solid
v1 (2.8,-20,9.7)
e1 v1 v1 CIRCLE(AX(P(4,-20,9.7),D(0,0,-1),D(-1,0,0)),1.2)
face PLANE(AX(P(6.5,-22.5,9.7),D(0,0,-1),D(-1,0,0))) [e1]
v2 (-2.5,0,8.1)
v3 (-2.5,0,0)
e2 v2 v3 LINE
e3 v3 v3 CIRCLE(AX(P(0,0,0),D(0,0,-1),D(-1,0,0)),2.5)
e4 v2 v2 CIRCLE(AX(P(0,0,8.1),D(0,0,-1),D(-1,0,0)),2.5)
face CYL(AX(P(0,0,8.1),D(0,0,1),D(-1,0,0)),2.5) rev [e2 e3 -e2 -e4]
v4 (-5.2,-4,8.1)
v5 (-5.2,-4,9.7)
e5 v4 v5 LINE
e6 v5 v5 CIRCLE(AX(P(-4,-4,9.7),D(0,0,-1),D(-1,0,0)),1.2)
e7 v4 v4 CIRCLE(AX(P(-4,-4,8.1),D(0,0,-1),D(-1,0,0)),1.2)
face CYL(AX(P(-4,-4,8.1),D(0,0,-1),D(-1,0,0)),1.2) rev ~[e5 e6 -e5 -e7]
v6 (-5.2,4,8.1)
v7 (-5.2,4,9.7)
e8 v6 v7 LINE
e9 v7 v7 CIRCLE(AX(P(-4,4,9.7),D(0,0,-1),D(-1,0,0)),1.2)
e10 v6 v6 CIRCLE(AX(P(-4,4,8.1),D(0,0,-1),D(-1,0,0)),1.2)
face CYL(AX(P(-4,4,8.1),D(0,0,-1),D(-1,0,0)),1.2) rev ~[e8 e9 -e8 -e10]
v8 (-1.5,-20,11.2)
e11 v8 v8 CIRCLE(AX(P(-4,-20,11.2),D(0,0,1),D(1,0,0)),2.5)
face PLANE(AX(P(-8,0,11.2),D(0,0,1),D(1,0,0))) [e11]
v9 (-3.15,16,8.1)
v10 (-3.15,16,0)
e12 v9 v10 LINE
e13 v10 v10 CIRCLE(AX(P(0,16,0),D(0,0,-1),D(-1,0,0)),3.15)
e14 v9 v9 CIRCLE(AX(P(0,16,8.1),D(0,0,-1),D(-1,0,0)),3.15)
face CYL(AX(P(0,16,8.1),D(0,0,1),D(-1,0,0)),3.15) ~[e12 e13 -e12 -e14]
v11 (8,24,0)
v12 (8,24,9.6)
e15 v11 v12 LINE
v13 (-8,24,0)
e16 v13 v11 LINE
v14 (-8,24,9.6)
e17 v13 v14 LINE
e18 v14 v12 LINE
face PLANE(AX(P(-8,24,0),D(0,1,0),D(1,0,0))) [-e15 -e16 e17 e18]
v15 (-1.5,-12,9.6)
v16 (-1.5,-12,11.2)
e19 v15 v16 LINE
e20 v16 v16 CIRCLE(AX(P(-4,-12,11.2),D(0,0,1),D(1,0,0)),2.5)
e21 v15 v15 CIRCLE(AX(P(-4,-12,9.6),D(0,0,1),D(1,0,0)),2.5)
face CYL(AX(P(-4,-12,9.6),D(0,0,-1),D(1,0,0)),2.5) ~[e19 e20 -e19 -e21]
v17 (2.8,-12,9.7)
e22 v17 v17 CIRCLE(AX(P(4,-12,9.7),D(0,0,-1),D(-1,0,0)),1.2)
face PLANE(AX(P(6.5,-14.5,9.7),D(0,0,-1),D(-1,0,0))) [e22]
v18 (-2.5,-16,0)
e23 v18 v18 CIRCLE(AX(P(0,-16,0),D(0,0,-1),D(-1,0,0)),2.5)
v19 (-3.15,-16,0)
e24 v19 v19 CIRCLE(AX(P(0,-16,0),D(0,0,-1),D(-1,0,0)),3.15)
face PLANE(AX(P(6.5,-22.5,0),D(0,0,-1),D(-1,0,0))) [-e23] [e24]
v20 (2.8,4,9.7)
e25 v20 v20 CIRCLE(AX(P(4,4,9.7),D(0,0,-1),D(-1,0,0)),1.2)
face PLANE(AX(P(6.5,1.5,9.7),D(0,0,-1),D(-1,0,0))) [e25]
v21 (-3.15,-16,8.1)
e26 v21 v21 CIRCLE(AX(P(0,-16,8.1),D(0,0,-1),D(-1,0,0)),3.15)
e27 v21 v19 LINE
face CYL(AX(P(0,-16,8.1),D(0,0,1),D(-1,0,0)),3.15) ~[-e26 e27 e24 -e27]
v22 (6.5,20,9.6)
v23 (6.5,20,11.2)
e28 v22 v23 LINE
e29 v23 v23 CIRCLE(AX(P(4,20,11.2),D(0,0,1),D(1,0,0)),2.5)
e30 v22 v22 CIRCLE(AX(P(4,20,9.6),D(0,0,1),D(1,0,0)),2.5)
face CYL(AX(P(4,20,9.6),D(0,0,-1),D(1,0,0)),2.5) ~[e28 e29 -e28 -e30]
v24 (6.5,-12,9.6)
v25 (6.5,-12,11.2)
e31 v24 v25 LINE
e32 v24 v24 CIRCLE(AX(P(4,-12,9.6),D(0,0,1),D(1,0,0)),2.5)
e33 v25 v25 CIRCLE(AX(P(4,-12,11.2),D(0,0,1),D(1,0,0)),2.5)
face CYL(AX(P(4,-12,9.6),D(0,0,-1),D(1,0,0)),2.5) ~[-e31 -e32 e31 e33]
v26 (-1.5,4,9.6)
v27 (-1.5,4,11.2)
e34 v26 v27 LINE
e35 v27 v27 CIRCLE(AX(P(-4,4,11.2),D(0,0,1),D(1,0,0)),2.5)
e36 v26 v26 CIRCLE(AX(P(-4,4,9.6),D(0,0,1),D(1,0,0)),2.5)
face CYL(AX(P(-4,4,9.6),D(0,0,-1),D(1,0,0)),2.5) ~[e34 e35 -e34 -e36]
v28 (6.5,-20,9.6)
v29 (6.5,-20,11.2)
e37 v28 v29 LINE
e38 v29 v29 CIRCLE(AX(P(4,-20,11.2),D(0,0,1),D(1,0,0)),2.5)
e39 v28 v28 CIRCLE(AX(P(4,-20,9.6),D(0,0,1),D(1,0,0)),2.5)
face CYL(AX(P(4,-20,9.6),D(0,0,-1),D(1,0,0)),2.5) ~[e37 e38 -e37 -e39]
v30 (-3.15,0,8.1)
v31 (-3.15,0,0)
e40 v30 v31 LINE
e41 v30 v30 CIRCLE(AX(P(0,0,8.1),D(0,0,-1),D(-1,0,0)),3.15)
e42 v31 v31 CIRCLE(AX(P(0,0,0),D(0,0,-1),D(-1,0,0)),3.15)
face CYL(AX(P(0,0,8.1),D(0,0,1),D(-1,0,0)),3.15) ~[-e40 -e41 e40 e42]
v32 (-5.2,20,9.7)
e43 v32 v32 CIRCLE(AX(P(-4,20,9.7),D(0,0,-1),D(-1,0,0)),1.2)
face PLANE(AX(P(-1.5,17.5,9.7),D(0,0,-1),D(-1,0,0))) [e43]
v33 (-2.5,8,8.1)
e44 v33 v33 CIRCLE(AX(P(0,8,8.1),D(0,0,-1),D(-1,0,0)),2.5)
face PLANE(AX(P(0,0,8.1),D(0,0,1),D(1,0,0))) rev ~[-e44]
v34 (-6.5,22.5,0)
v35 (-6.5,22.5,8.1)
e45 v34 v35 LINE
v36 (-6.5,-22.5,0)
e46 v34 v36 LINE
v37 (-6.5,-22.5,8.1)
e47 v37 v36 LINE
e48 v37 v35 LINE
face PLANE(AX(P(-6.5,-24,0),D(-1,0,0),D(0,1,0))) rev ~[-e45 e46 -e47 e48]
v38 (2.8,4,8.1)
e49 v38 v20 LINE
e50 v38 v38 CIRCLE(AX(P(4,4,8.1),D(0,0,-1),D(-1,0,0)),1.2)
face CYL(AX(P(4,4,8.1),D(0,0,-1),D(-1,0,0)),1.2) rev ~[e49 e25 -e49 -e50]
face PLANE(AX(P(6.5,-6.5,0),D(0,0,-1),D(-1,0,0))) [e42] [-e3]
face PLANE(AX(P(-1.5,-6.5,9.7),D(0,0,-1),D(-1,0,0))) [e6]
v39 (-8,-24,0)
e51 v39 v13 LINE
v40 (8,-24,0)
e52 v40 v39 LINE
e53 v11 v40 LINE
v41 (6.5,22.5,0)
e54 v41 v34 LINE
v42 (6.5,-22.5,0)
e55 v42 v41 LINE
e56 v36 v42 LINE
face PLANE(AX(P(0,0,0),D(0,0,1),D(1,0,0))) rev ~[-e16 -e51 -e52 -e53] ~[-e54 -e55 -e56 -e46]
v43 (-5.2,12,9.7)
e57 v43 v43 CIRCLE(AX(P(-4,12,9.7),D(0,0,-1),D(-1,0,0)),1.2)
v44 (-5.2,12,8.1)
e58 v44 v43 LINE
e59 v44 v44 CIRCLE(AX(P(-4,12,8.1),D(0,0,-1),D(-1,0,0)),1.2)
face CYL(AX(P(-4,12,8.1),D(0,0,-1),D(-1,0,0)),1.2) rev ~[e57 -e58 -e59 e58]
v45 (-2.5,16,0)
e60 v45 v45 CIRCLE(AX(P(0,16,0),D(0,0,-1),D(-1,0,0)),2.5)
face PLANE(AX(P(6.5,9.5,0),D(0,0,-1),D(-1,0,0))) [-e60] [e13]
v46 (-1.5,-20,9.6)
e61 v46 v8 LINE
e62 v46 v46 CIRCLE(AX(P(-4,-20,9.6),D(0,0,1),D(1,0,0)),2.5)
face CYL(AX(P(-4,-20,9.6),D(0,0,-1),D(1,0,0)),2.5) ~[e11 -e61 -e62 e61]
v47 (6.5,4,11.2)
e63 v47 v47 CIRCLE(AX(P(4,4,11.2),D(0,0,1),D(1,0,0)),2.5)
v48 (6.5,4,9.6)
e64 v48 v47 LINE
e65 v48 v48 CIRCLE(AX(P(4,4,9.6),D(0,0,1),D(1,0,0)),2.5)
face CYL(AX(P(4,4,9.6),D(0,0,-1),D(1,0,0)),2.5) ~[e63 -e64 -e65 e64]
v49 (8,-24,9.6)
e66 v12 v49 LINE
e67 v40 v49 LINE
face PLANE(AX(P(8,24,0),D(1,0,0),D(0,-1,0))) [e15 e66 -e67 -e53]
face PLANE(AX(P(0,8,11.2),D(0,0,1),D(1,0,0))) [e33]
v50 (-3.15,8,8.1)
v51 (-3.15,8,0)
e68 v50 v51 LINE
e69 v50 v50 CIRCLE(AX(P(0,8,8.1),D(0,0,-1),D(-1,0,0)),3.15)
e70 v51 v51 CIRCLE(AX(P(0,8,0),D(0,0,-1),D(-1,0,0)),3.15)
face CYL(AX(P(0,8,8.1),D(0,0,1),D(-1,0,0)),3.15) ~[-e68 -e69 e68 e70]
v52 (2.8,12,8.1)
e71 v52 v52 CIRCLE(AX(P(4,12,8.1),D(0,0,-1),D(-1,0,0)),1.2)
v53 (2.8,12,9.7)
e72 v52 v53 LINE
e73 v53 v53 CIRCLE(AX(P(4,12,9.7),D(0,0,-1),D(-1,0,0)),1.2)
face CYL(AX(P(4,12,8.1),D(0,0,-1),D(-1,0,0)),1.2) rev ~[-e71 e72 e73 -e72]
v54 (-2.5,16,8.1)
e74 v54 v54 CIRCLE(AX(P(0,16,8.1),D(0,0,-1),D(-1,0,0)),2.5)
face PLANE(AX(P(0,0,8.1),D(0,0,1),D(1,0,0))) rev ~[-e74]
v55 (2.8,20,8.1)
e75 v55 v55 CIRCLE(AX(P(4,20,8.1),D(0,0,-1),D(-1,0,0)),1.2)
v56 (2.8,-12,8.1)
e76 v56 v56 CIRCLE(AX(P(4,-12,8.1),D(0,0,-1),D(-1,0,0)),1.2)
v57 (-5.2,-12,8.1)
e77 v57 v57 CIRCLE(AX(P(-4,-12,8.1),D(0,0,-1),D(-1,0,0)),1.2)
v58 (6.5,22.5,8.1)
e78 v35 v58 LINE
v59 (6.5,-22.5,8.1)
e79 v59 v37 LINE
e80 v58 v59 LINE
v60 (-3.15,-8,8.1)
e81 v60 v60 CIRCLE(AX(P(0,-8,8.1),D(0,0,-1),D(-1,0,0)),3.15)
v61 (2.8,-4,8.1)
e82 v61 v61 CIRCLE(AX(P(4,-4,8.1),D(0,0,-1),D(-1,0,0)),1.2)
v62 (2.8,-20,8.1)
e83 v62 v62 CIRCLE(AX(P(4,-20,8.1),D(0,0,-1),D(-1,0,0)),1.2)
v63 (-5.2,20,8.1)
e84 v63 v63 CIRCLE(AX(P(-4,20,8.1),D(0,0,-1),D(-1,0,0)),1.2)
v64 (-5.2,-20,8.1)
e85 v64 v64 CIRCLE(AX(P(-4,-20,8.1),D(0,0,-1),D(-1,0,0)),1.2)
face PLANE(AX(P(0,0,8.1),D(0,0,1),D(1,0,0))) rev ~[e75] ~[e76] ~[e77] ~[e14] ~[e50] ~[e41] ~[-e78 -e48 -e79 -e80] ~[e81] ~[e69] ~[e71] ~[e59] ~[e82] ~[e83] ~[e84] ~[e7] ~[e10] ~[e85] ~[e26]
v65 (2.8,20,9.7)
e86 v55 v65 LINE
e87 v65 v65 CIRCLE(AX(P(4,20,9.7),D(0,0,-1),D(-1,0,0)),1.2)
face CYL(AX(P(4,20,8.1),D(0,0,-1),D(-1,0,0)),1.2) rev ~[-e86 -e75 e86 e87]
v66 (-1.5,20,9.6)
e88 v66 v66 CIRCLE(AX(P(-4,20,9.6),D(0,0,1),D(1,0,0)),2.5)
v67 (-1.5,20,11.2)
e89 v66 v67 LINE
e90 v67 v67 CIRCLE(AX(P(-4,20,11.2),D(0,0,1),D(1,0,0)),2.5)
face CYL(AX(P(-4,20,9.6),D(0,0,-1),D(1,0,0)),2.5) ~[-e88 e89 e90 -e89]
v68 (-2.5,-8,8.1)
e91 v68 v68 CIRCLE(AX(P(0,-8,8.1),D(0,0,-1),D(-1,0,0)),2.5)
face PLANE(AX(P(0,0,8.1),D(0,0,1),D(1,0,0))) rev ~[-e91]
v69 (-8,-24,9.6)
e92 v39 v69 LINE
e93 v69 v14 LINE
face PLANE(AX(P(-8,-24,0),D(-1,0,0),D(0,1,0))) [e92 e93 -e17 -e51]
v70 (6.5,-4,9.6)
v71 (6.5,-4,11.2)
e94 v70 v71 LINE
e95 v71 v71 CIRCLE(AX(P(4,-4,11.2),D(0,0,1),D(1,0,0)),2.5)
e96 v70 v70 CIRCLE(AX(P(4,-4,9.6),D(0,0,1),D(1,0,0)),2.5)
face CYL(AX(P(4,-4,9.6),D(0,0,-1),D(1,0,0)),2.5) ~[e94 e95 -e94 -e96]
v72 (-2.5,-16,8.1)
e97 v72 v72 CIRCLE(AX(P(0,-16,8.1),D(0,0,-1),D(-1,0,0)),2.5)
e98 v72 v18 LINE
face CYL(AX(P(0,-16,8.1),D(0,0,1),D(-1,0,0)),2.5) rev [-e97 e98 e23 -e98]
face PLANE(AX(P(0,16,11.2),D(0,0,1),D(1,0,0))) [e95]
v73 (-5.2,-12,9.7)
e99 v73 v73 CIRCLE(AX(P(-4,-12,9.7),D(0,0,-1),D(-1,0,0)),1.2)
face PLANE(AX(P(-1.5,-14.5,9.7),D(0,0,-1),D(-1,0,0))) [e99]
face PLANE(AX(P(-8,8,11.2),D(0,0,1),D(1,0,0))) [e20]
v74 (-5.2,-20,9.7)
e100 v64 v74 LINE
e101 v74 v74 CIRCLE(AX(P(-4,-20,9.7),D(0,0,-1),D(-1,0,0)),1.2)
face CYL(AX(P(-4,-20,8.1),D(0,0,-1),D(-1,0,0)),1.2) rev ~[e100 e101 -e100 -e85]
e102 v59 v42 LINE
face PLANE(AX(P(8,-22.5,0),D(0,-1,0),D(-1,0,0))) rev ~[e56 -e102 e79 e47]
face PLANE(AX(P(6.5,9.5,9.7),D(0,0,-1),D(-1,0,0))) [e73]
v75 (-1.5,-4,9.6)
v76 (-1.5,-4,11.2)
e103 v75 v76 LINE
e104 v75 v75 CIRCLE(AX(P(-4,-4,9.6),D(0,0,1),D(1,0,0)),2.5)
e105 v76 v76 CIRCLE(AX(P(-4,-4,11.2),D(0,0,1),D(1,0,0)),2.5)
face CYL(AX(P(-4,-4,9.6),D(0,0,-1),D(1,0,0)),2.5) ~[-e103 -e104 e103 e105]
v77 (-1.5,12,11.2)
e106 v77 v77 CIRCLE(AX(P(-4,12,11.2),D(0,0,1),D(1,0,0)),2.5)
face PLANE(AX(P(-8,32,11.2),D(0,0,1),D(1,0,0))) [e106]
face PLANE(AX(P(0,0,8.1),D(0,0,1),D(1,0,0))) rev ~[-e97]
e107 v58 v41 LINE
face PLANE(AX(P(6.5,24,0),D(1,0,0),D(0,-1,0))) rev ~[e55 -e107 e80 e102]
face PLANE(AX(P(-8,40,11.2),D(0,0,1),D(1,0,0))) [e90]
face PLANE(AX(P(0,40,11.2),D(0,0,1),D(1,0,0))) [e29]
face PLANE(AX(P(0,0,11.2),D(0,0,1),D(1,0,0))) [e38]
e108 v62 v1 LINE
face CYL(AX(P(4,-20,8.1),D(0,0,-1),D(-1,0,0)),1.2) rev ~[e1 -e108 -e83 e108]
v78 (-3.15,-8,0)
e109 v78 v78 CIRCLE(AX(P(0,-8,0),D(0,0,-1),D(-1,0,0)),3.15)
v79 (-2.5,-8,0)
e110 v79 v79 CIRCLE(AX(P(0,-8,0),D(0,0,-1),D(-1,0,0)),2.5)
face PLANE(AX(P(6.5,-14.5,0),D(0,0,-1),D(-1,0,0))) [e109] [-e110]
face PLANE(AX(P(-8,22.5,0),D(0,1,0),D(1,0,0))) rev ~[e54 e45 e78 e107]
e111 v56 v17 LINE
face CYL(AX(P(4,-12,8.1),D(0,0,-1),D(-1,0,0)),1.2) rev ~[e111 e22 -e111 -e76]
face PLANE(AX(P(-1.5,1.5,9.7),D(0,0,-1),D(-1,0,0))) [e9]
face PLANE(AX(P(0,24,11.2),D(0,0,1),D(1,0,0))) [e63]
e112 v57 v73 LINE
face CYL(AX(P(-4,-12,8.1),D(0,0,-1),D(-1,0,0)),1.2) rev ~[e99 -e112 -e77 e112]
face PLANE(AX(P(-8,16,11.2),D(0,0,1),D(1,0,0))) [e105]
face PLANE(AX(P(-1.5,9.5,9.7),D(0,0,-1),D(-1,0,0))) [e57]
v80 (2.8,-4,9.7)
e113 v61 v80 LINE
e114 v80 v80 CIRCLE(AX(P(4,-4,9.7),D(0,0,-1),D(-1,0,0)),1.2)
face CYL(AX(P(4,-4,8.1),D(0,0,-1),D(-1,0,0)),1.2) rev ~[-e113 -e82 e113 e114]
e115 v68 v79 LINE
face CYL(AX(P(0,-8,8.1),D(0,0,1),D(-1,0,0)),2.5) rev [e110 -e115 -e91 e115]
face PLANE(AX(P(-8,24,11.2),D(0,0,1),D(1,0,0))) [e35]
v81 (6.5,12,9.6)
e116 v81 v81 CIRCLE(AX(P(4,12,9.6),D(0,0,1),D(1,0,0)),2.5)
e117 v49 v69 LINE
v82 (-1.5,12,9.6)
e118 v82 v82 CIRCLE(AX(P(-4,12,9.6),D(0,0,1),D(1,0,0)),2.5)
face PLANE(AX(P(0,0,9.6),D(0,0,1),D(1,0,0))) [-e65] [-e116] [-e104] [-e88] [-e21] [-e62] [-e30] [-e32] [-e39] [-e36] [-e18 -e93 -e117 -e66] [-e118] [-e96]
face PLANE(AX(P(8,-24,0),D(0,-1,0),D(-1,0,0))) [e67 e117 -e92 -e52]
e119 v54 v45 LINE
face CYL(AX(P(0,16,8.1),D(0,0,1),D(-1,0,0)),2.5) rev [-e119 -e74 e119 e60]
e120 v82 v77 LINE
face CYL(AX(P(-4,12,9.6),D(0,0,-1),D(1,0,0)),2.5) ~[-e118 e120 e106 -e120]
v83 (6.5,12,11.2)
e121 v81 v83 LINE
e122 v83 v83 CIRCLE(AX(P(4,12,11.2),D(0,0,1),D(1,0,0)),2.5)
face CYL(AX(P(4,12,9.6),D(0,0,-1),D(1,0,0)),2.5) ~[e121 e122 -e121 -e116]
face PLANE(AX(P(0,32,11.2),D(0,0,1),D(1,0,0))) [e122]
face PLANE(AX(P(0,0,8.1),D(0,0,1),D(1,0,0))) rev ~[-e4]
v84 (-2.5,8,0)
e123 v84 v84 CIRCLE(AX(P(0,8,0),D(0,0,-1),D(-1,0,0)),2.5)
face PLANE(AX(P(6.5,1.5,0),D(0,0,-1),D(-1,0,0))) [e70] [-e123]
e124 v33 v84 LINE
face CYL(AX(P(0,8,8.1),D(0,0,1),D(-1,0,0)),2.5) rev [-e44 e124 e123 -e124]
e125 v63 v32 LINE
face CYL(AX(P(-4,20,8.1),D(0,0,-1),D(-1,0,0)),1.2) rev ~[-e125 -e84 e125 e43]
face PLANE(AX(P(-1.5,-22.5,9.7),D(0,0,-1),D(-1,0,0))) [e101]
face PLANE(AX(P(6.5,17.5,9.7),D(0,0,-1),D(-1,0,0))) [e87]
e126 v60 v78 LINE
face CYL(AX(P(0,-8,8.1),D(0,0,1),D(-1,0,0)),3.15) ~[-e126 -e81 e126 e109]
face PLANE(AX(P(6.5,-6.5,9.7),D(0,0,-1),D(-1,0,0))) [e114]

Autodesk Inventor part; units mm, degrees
ref_plane "YZ Plane" through (0, 0, 0) normal (1, 0, 0) x (0, 1, 0)
ref_plane "XZ Plane" through (0, 0, 0) normal (0, 1, 0) x (-1, 0, 0)
ref_plane "XY Plane" through (0, 0, 0) normal (0, 0, 1) x (1, 0, 0)
sketch "Sketch1" plane through (0, 0, 0) normal (0, 0, 1) x (1, 0, 0)
  line L0 (-8, 24) -> (8, 24)
  line L1 (8, 24) -> (8, -24)
  line L2 (8, -24) -> (-8, -24)
  line L3 (-8, -24) -> (-8, 24)
  point P0 (0, 0)
  dimension "d0" = 16
  dimension "d1" = 48
  dimension "d2" = 8
  dimension "d3" = 24
extrude "Extrusion1" add sketch "Sketch1" along normal blind 9.6
shell "Shell1" thickness 1.5 removed faces 1 at (-2.6667, 8, 0)
sketch "Sketch2" plane through (0, 0, 9.6) normal (0, 0, 1) x (1, 0, 0)
  circle A0 centre (4, -20) radius 2.5
  line L0 (8, 24) -> (8, -24) projected
  line L1 (8, -24) -> (-8, -24) projected
  dimension "d7" = 5
  dimension "d10" = 4
  dimension "d11" = 4
extrude "Extrusion2" add sketch "Sketch2" along normal blind 1.6
sketch "Sketch3" plane through (6.5, -22.5, 8.1) normal (0, 0, -1) x (-1, 0, 0)
  circle A0 centre (2.5, 2.5) radius 2.5 projected
  circle A1 centre (2.5, 2.5) radius 1.2
  point P0 (6.5, 22.5)
  dimension "d18" = 2.4
extrude "Extrusion3" cut sketch "Sketch3" against normal blind 1.6 contours A1
pattern_linear "Rectangular Pattern1" count 6 spacing 8 along (0, 1, 0) count 2 spacing 8 along (-1, 0, 0) of "Extrusion2", "Extrusion3"
sketch "Sketch4" plane through (6.5, -22.5, 8.1) normal (0, 0, -1) x (-1, 0, 0)
  circle A0 centre (2.5, 10.5) radius 1.2 projected
  circle A1 centre (2.5, 2.5) radius 1.2 projected
  line L0 (0, 45) -> (0, 0) projected
  line L1 (0, 0) -> (13, 0) projected
  circle A2 centre (6.5, 6.5) radius 3.15
  circle A3 centre (6.5, 6.5) radius 2.5
  point P0 (6.5, 22.5)
  dimension "d21" = 6.5
  dimension "d22" = 6.5
  dimension "d23" = 10.5
  dimension "d24" = 2.5
  dimension "d25" = 5
  dimension "d26" = 6.3
extrude "Extrusion4" add sketch "Sketch4" along normal up to surface (8.1 mm away) contours A2
pattern_linear "Rectangular Pattern2" count 5 spacing 8 along (0, 1, 0) of "Extrusion4"
equation "\"d0\" = 8 * WIDTH"
equation "\"d1\" = 8 * LENGTH"
equation "\"d2\" = 0.5 * d0"
equation "\"d3\" = 0.5 * d1"
equation "\"d21\" = 0.5 * d23 + 0.5 * d24"
equation "\"d22\" = d21"
equation "\"WIDTH\" = 2"
equation "\"LENGTH\" = 6"
properties part number "2456" material "Steel"
